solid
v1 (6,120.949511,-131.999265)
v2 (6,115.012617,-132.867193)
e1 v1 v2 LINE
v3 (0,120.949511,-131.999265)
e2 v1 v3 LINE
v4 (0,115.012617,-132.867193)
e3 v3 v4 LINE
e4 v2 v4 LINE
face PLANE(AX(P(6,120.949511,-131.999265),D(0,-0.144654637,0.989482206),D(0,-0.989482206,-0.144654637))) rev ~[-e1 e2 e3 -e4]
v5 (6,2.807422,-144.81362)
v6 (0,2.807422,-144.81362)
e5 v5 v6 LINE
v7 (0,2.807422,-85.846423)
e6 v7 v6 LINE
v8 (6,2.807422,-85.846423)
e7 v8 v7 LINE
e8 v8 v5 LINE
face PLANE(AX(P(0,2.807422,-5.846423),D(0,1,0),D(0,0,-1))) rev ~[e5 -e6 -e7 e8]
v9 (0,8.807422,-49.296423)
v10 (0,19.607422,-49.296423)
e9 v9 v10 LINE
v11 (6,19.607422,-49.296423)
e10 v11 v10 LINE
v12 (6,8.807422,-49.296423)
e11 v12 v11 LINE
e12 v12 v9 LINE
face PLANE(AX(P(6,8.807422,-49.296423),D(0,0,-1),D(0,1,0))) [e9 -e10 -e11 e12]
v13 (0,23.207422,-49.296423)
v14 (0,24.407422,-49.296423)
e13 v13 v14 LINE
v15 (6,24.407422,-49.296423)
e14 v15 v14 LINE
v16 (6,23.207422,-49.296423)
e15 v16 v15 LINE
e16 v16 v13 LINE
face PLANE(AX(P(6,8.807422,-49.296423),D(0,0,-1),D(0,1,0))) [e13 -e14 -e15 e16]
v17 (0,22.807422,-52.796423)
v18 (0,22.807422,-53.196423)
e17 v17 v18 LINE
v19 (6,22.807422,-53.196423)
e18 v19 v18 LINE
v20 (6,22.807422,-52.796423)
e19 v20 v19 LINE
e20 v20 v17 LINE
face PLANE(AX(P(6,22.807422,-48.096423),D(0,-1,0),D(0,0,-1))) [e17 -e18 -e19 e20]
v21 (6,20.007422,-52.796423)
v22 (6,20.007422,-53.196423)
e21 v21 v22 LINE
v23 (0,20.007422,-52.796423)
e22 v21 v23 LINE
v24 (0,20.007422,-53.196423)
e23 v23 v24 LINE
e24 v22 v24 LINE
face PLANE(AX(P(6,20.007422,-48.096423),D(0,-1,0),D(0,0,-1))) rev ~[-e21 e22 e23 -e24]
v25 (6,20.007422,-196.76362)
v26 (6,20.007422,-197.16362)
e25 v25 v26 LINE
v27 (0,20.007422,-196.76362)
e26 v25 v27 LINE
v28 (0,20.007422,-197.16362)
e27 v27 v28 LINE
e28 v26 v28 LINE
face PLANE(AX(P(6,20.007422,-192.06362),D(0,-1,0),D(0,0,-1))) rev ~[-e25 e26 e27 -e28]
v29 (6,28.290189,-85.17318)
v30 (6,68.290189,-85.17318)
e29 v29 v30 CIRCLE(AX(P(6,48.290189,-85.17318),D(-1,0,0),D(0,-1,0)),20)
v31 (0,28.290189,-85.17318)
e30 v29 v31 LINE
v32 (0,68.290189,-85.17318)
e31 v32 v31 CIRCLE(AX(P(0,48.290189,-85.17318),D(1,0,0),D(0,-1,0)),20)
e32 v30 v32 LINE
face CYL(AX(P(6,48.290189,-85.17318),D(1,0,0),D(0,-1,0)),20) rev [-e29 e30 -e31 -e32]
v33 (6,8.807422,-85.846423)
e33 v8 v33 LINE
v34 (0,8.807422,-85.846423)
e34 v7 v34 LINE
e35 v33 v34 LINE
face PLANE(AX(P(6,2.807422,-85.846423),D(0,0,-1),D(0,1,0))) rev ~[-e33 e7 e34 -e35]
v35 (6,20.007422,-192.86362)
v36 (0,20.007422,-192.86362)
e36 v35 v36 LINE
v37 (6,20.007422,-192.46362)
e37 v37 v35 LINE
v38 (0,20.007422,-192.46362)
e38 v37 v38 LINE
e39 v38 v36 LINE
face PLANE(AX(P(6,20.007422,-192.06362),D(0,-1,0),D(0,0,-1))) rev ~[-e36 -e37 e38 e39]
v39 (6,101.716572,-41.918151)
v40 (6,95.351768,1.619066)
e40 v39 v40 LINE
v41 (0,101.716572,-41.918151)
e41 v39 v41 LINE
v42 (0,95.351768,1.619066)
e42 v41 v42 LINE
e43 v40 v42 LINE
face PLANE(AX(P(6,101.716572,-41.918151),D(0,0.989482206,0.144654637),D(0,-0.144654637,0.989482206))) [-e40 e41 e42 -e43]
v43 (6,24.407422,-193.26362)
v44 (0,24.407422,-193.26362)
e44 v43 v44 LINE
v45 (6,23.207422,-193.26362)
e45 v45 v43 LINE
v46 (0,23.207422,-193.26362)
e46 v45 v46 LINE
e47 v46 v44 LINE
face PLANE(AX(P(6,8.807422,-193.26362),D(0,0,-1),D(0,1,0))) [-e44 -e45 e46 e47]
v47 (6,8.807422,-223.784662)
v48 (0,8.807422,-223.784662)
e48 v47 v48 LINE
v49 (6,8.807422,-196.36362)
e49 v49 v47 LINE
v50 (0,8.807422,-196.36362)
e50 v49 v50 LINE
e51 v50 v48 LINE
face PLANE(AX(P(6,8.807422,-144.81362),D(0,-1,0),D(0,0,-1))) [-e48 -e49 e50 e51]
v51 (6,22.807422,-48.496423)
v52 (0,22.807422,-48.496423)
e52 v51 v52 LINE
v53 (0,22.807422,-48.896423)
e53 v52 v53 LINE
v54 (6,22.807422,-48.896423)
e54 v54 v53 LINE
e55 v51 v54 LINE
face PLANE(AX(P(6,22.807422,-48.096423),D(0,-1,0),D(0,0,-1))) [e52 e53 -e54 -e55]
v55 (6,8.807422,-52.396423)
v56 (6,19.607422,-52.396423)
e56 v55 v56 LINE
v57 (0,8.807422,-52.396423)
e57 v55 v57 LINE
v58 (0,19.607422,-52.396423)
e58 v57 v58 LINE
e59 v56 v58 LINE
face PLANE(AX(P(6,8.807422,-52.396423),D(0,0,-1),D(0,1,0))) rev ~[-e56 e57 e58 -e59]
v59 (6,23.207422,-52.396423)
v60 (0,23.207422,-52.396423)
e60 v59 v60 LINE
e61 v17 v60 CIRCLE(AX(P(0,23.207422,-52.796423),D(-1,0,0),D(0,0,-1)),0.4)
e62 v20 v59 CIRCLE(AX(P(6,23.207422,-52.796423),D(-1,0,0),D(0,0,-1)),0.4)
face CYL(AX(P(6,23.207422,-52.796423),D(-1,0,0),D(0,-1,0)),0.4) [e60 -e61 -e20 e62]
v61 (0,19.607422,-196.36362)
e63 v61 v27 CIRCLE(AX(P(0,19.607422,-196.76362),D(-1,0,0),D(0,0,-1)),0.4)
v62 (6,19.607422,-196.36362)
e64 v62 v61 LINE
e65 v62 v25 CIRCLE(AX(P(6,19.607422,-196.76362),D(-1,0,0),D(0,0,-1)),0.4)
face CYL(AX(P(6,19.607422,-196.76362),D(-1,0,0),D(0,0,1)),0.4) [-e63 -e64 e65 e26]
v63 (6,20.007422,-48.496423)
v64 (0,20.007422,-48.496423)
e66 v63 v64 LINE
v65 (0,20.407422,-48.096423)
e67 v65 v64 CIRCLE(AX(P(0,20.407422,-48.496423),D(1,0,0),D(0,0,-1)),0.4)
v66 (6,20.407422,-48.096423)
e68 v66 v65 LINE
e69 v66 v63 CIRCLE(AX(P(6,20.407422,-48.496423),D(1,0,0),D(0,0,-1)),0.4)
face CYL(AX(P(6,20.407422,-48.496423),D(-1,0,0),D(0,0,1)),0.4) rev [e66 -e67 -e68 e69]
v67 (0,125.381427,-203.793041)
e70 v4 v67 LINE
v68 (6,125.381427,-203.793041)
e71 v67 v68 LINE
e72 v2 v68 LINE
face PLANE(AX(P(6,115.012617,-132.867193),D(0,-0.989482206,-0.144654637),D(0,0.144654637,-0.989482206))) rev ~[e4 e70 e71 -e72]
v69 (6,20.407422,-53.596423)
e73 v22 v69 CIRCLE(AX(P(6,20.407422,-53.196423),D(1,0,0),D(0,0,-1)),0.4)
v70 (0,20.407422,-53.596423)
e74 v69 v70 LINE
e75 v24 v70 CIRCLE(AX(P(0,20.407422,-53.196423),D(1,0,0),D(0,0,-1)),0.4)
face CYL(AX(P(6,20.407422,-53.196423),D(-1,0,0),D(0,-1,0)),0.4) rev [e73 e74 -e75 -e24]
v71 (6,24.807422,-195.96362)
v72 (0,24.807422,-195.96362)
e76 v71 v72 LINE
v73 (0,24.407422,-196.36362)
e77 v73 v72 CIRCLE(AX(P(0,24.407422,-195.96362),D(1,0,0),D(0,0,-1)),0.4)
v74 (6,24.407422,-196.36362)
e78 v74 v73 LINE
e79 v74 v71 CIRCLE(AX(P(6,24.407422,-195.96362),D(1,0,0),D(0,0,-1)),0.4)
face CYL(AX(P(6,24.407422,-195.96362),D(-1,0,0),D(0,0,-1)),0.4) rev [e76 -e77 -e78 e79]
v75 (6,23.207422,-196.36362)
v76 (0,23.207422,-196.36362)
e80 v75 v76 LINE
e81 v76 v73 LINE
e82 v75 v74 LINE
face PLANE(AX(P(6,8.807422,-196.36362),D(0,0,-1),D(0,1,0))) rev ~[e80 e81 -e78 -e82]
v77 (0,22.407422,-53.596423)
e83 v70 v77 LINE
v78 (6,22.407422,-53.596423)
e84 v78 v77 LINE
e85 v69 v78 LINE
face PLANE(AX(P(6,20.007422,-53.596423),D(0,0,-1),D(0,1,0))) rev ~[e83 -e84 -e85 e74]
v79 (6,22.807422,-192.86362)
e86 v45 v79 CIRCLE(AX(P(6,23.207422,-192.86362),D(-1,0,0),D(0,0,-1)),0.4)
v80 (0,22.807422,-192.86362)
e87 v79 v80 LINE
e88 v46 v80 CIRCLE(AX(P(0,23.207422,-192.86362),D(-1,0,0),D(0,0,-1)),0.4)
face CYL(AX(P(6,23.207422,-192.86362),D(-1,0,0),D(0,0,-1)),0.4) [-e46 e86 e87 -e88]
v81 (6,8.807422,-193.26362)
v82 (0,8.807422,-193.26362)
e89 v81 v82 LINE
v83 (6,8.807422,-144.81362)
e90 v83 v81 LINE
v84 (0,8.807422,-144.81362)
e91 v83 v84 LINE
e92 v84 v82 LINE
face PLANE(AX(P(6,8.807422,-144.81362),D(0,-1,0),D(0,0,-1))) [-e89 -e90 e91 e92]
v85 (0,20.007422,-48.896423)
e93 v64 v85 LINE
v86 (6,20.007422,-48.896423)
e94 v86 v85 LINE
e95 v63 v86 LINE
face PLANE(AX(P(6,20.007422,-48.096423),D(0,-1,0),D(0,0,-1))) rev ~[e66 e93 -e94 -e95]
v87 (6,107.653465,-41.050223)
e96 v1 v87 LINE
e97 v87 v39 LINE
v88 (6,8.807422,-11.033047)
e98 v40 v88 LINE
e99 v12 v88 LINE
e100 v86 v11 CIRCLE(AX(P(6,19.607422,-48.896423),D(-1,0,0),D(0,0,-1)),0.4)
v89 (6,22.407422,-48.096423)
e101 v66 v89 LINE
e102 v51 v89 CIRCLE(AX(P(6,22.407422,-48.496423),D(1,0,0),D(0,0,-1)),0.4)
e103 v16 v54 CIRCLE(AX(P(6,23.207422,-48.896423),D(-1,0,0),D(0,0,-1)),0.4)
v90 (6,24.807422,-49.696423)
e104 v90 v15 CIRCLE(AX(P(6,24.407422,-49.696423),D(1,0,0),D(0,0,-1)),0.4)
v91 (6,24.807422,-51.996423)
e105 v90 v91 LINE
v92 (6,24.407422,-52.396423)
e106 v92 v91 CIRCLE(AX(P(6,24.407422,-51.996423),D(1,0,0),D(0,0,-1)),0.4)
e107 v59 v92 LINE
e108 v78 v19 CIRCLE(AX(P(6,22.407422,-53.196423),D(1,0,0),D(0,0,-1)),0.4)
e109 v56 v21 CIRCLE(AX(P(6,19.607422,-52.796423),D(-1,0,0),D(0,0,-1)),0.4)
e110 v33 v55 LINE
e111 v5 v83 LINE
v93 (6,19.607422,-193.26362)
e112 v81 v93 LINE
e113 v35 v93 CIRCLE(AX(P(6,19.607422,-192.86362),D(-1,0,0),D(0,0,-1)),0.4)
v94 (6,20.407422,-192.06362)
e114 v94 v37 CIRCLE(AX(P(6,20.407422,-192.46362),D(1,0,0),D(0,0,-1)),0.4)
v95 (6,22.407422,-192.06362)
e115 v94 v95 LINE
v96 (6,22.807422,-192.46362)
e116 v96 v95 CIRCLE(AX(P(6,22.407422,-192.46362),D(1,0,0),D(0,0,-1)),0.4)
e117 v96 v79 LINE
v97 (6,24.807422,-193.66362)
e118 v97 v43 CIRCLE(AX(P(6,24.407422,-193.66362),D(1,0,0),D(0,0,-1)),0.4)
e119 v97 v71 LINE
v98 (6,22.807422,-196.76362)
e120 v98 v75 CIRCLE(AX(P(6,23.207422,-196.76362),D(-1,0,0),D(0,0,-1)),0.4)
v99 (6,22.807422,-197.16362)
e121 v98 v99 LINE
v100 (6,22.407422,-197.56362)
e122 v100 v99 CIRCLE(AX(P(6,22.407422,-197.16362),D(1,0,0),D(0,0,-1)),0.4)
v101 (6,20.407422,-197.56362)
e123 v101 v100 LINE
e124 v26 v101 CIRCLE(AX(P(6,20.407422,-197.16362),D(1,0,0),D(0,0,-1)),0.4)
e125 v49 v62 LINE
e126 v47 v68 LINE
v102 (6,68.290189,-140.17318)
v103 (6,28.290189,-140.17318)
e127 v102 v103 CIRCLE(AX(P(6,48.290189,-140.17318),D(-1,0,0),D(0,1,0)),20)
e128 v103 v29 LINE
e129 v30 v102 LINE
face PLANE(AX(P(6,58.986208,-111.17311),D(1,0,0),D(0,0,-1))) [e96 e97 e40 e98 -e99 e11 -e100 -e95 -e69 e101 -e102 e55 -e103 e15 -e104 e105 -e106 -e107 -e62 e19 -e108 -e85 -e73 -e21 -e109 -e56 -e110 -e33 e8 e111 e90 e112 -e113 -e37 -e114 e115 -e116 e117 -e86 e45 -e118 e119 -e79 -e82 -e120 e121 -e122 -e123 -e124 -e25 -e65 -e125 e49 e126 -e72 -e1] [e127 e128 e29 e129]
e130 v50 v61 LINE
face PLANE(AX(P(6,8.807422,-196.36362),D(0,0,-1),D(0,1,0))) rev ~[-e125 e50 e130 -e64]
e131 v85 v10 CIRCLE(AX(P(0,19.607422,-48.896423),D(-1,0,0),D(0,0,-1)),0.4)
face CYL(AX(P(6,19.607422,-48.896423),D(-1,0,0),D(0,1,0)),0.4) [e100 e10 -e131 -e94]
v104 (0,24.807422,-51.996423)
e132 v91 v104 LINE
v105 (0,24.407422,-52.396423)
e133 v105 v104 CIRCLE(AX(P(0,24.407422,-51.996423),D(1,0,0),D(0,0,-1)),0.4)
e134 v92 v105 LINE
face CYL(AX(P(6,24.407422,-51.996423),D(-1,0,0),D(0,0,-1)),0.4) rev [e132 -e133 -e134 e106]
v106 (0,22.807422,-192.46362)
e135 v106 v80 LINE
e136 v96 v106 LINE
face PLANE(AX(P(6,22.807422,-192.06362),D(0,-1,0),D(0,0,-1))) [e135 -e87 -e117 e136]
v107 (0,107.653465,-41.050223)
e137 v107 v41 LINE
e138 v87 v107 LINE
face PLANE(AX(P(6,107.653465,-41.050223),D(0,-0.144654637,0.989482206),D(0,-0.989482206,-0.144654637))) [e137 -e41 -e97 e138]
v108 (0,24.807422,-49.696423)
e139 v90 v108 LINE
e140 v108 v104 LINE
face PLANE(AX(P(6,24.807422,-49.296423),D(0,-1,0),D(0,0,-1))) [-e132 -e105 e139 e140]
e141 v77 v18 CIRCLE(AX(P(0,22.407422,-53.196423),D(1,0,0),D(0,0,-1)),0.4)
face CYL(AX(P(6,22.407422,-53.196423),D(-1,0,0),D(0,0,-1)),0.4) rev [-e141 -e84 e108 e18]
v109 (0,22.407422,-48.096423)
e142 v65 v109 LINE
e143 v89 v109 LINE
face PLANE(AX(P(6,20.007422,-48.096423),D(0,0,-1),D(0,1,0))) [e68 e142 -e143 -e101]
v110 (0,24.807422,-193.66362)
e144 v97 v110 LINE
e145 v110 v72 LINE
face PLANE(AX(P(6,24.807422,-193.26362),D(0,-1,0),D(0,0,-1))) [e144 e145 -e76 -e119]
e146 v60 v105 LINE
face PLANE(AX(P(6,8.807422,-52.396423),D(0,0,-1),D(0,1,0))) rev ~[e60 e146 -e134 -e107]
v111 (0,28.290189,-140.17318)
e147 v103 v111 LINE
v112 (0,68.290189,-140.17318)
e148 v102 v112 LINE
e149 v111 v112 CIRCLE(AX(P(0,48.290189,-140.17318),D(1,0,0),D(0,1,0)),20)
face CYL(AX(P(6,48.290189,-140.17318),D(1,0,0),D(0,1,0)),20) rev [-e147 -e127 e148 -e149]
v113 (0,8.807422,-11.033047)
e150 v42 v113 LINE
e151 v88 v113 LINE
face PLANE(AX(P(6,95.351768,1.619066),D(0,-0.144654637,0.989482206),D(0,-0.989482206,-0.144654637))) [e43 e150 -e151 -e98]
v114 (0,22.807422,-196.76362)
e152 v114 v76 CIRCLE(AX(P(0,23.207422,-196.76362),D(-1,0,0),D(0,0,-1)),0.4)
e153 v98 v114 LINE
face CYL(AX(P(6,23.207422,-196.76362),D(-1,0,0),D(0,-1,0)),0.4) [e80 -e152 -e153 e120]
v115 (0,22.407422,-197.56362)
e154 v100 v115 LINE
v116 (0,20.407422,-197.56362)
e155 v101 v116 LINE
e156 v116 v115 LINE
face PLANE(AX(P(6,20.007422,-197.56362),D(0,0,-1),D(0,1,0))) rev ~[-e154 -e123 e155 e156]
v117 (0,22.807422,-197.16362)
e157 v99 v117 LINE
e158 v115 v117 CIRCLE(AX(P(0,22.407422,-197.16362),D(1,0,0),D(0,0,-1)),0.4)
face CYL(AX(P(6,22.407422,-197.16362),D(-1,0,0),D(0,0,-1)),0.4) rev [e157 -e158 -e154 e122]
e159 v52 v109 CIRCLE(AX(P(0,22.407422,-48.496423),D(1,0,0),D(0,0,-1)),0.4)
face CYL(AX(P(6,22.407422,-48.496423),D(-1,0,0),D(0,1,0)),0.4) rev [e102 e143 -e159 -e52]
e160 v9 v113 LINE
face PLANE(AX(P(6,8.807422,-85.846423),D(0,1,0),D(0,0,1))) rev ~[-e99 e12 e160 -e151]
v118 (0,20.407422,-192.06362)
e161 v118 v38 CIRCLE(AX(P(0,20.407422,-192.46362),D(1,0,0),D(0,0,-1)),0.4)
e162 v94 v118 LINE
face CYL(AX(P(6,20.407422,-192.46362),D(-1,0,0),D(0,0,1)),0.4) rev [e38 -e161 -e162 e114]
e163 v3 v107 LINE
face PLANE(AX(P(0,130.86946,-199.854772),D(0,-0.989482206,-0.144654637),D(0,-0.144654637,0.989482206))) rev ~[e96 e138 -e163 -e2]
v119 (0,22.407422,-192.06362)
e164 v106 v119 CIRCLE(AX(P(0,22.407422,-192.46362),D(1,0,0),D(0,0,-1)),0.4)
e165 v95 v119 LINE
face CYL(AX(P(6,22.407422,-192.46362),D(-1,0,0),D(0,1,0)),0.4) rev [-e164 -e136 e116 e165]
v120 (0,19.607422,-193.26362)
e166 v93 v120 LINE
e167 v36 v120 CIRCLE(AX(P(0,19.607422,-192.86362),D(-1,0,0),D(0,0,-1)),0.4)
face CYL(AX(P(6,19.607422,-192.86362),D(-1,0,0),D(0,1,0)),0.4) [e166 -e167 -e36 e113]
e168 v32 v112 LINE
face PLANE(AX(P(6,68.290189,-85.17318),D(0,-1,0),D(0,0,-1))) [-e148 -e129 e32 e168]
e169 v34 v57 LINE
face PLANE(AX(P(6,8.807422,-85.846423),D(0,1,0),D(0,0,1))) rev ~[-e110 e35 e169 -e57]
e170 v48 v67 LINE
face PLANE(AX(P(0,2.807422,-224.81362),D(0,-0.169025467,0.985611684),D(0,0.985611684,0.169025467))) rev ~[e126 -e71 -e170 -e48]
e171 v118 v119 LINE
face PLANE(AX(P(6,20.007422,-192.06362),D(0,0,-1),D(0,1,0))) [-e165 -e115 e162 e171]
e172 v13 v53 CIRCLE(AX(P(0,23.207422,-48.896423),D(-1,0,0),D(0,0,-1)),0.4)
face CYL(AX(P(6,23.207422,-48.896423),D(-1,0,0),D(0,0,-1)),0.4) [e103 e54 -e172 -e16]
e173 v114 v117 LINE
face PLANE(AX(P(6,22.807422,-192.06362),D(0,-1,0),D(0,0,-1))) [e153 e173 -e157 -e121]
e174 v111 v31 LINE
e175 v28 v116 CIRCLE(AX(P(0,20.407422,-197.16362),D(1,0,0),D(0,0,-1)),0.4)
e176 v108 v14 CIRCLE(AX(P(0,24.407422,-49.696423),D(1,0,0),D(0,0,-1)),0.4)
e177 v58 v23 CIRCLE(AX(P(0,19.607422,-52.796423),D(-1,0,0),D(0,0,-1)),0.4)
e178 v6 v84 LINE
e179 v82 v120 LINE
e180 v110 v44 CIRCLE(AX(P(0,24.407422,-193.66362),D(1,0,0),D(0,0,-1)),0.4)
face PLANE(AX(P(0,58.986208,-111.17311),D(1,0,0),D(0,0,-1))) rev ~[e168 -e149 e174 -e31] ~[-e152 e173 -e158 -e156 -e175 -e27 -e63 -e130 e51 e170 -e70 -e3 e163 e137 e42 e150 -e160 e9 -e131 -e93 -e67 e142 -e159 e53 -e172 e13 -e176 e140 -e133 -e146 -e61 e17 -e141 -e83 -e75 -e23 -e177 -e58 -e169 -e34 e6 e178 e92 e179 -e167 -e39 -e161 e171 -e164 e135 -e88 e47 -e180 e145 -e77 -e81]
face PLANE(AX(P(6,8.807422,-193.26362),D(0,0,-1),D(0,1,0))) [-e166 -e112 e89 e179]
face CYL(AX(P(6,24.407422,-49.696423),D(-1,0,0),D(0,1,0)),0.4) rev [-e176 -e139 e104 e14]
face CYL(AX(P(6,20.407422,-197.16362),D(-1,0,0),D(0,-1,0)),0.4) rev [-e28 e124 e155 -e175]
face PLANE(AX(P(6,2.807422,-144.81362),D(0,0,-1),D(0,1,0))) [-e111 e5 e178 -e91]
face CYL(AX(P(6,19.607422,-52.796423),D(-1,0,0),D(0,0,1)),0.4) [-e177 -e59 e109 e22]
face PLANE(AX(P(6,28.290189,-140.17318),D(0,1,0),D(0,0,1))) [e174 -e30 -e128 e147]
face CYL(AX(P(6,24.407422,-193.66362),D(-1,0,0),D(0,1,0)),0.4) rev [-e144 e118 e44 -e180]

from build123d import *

# Parameters (mm, degrees)
BOSS_EXTRUDE1_DEPTH = 6
CUT_EXTRUDE1_DEPTH  = 6
CUT_EXTRUDE2_DEPTH  = 6
SKETCH5_W           = 3.1
SKETCH5_H           = 16
CUT_EXTRUDE3_DEPTH  = 257.585419281
SKETCH6_W           = 5.5
SKETCH6_H           = 2.8
CUT_EXTRUDE4_DEPTH  = 257.585419281
FILLET1_R           = 0.4
CUT_EXTRUDE5_DEPTH  = 257.585419281


with BuildPart() as part:
    # Sketch1 → Boss-Extrude1 (new body)
    with BuildSketch(Plane(origin=(0, 0, 0), x_dir=(0, 0, -1), z_dir=(1, 0, 0))):
        Polygon((-8.423886954, 100.420733136), (5.846423254, 2.80742232), (224.813620111, 2.80742232), (203.793040966, 125.38142721), (199.85477244, 130.869460409), align=None)
    extrude(amount=BOSS_EXTRUDE1_DEPTH)

    # Sketch2 → Cut-Extrude1 (cut)
    with BuildSketch(Plane(origin=(6, 0, 0), x_dir=(0, 0, -1), z_dir=(1, 0, 0))):
        Polygon((5.846423254, 2.80742232), (85.846423254, 2.80742232), (85.846423254, 8.80742232), (4.969269713, 8.80742232), align=None)
        Polygon((144.813620111, 2.80742232), (144.813620111, 8.80742232), (223.78466234, 8.80742232), (224.813620111, 2.80742232), align=None)
        Polygon((41.050223347, 107.653464977), (41.918151168, 101.716571741), (-7.555959133, 94.4838399), (-8.423886954, 100.420733136), align=None)
        Polygon((131.999265462, 120.949510704), (132.867193283, 115.012617467), (203.793040966, 125.38142721), (199.85477244, 130.869460409), align=None)
    extrude(amount=-CUT_EXTRUDE1_DEPTH, mode=Mode.SUBTRACT)

    # Sketch4 → Cut-Extrude2 (cut)
    with BuildSketch(Plane(origin=(6, 0, 0), x_dir=(0, 0, -1), z_dir=(1, 0, 0))):
        Polygon((-7.555959133, 94.4838399), (-1.619065897, 95.351767721), (11.033047276, 8.80742232), (4.969269713, 8.80742232), align=None)
    extrude(amount=-CUT_EXTRUDE2_DEPTH, mode=Mode.SUBTRACT)

    # Sketch5 → Cut-Extrude3 (cut, through all)
    with BuildSketch(Plane(origin=(6, 0, 0), x_dir=(0, 0, -1), z_dir=(1, 0, 0))):
        with Locations((50.846423254, 16.80742232)):
            Rectangle(SKETCH5_W, SKETCH5_H)
        with Locations((194.813620111, 16.80742232)):
            Rectangle(SKETCH5_W, SKETCH5_H)
    extrude(amount=-CUT_EXTRUDE3_DEPTH, mode=Mode.SUBTRACT)

    # Sketch6 → Cut-Extrude4 (cut, through all)
    with BuildSketch(Plane(origin=(6, 0, 0), x_dir=(0, 0, -1), z_dir=(1, 0, 0))):
        with Locations((50.846423254, 21.40742232)):
            Rectangle(SKETCH6_W, SKETCH6_H)
        with Locations((194.813620111, 21.40742232)):
            Rectangle(SKETCH6_W, SKETCH6_H)
    extrude(amount=-CUT_EXTRUDE4_DEPTH, mode=Mode.SUBTRACT)

    # Fillet1
    fillet1_edges = [part.edges().sort_by_distance(p)[0] for p in [
        (3, 24.80742232, -193.263620111),
        (3, 24.80742232, -196.363620111),
        (3, 20.00742232, -52.396423254),
        (3, 22.80742232, -52.396423254),
        (3, 20.00742232, -196.363620111),
        (3, 22.80742232, -196.363620111),
        (3, 22.80742232, -49.296423254),
        (3, 22.80742232, -48.096423254),
        (3, 20.00742232, -49.296423254),
        (3, 20.00742232, -53.596423254),
        (3, 20.00742232, -48.096423254),
        (3, 22.80742232, -53.596423254),
        (3, 22.80742232, -193.263620111),
        (3, 22.80742232, -192.063620111),
        (3, 20.00742232, -193.263620111),
        (3, 20.00742232, -197.563620111),
        (3, 20.00742232, -192.063620111),
        (3, 22.80742232, -197.563620111),
        (3, 24.80742232, -49.296423254),
        (3, 24.80742232, -52.396423254),
    ]]
    fillet(fillet1_edges, radius=FILLET1_R)

    # Sketch7 → Cut-Extrude5 (cut, through all)
    with BuildSketch(Plane(origin=(6, 0, 0), x_dir=(0, 0, -1), z_dir=(1, 0, 0))):
        with BuildLine():
            Line((85.173180011, 68.290188576), (140.173180011, 68.290188576))
            ThreePointArc((140.173180011, 68.290188576), (160.173180011, 48.290188576), (140.173180011, 28.290188576))
            Line((140.173180011, 28.290188576), (85.173180011, 28.290188576))
            ThreePointArc((85.173180011, 28.290188576), (65.173180011, 48.290188576), (85.173180011, 68.290188576))
        make_face()
    extrude(amount=-CUT_EXTRUDE5_DEPTH, mode=Mode.SUBTRACT)


solid = part.part
